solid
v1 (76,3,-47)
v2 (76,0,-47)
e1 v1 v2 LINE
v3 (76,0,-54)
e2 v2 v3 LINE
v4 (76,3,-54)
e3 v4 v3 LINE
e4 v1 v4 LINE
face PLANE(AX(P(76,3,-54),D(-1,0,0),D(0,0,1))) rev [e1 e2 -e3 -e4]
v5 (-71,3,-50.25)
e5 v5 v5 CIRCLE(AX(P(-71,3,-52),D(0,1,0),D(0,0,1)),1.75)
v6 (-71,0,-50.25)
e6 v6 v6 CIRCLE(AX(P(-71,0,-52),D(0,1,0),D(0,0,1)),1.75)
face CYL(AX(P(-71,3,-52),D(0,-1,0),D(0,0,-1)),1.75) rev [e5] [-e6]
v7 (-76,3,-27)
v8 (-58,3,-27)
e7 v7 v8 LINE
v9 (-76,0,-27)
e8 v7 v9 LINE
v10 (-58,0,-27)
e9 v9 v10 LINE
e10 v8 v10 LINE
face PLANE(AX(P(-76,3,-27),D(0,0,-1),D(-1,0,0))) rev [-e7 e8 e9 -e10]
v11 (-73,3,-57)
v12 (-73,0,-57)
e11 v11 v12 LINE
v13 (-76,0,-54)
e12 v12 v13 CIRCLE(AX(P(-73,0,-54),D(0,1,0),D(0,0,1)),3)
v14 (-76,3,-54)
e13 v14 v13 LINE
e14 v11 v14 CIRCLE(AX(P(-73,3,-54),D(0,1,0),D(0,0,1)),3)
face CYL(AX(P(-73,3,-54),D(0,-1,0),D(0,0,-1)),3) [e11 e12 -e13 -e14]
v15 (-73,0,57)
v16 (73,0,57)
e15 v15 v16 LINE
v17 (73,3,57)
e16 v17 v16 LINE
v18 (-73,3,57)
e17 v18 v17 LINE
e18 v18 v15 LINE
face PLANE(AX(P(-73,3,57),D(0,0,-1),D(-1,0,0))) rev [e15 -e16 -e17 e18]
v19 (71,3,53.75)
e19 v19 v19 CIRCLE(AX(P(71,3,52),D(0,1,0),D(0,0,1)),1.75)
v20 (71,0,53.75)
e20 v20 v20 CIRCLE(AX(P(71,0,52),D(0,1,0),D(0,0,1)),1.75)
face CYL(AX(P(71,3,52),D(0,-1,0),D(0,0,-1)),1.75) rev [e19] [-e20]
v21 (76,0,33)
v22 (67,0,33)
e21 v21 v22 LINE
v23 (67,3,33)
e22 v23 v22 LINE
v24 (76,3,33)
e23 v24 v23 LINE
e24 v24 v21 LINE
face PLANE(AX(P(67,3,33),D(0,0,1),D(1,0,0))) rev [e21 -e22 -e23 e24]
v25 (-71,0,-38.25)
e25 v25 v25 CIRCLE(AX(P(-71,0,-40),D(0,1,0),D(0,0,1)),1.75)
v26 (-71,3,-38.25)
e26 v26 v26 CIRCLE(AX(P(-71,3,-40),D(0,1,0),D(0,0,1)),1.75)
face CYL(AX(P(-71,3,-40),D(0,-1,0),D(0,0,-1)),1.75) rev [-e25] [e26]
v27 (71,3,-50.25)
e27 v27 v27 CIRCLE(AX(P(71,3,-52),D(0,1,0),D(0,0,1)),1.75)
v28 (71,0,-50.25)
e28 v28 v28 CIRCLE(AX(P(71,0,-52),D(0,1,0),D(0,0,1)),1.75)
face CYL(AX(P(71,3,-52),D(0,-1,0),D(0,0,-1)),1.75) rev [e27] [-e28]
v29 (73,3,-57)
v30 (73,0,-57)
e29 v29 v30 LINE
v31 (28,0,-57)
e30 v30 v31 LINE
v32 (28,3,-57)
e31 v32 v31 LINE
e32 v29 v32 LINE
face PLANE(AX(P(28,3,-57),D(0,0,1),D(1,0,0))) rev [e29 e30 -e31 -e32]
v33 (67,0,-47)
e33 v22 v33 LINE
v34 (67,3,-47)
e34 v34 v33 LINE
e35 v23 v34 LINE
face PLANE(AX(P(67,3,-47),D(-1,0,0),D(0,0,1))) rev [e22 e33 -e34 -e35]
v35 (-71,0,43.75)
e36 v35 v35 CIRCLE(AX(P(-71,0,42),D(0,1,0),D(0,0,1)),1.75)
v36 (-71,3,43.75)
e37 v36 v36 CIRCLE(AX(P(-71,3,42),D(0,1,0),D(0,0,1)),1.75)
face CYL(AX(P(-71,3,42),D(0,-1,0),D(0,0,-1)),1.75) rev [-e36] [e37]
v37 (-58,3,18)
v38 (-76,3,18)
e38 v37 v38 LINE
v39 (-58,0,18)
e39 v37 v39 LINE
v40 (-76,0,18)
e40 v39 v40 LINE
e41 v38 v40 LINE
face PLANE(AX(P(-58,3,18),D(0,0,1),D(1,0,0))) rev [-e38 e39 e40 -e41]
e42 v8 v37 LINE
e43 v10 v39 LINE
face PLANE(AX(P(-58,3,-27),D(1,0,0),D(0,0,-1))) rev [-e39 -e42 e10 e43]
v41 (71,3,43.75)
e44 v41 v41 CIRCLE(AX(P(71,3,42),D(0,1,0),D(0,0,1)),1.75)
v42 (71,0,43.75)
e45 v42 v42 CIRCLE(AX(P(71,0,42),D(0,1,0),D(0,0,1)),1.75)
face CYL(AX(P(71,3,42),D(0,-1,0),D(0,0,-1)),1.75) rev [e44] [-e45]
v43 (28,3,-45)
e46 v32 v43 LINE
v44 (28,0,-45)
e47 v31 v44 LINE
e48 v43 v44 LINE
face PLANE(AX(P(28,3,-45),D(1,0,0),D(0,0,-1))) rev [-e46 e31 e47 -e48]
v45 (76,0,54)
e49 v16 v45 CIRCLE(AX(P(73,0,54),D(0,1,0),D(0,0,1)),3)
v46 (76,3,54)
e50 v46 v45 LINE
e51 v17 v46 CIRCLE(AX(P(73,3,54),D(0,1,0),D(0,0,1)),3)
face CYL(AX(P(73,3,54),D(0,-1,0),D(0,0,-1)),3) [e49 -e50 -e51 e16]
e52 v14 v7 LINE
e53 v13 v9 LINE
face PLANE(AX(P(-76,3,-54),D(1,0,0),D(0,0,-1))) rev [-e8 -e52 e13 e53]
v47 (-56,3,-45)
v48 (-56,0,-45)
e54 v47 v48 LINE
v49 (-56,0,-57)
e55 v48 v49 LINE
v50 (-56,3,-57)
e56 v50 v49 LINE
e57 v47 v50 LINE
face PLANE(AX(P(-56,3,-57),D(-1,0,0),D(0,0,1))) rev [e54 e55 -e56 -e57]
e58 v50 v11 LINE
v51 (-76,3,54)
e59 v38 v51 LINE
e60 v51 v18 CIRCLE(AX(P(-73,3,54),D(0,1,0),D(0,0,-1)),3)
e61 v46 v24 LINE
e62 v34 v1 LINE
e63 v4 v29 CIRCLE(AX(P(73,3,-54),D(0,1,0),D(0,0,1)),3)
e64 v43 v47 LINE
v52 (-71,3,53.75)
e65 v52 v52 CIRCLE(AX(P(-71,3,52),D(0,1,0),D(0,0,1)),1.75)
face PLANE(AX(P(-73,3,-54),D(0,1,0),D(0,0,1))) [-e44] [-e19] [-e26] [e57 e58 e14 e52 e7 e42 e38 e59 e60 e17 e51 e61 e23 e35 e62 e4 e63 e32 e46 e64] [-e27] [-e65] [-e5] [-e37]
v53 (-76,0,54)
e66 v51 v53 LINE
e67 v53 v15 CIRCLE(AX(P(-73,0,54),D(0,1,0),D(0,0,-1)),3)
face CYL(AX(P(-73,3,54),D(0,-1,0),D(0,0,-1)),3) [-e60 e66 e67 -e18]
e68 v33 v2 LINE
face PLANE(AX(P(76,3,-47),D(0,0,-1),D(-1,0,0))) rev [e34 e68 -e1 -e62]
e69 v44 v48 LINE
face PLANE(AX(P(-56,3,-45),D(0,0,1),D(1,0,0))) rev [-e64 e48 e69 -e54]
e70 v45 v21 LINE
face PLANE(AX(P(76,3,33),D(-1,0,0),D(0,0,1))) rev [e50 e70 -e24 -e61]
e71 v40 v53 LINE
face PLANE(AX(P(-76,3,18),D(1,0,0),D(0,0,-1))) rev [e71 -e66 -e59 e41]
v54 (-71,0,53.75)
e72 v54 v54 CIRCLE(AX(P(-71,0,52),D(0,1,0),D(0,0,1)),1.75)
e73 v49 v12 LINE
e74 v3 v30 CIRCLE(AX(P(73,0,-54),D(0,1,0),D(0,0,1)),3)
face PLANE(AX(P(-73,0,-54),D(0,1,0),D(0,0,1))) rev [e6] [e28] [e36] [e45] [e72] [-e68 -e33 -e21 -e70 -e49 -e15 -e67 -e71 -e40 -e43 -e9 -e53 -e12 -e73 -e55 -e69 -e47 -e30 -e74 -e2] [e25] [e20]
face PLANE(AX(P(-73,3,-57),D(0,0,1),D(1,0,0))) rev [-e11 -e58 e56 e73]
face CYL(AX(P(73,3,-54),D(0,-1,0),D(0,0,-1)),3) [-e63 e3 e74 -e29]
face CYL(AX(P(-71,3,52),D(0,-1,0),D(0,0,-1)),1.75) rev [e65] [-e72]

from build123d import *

# Parameters (mm, degrees)
SKETCH_1_R      = 1.75
EXTRUDE_1_DEPTH = 3


with BuildPart() as part:
    # 草图1 → 凸台-拉伸1 (new body)
    with BuildSketch(Plane(origin=(0, 0, 0), x_dir=(1, 0, 0), z_dir=(0, 1, 0))):
        with BuildLine():
            Line((-56, 57), (-56, 45))
            Line((-56, 45), (28, 45))
            Line((28, 45), (28, 57))
            Line((28, 57), (73, 57))
            ThreePointArc((73, 57), (75.121320344, 56.121320344), (76, 54))
            Line((76, 54), (76, 47))
            Line((76, 47), (67, 47))
            Line((67, 47), (67, -33))
            Line((67, -33), (76, -33))
            Line((76, -33), (76, -54))
            ThreePointArc((76, -54), (75.121320344, -56.121320344), (73, -57))
            Line((73, -57), (-73, -57))
            ThreePointArc((-73, -57), (-75.121320344, -56.121320344), (-76, -54))
            Line((-76, -54), (-76, -18))
            Line((-76, -18), (-58, -18))
            Line((-58, -18), (-58, 27))
            Line((-58, 27), (-76, 27))
            Line((-76, 27), (-76, 54))
            ThreePointArc((-76, 54), (-75.121320344, 56.121320344), (-73, 57))
            Line((-73, 57), (-56, 57))
        make_face()
        with Locations((-71, 52)):
            Circle(SKETCH_1_R, mode=Mode.SUBTRACT)
        with Locations((71, 52)):
            Circle(SKETCH_1_R, mode=Mode.SUBTRACT)
        with Locations((71, -52)):
            Circle(SKETCH_1_R, mode=Mode.SUBTRACT)
        with Locations((-71, -52)):
            Circle(SKETCH_1_R, mode=Mode.SUBTRACT)
        with Locations((-71, 40)):
            Circle(SKETCH_1_R, mode=Mode.SUBTRACT)
        with Locations((71, -42)):
            Circle(SKETCH_1_R, mode=Mode.SUBTRACT)
        with Locations((-71, -42)):
            Circle(SKETCH_1_R, mode=Mode.SUBTRACT)
    extrude(amount=EXTRUDE_1_DEPTH)


solid = part.part
